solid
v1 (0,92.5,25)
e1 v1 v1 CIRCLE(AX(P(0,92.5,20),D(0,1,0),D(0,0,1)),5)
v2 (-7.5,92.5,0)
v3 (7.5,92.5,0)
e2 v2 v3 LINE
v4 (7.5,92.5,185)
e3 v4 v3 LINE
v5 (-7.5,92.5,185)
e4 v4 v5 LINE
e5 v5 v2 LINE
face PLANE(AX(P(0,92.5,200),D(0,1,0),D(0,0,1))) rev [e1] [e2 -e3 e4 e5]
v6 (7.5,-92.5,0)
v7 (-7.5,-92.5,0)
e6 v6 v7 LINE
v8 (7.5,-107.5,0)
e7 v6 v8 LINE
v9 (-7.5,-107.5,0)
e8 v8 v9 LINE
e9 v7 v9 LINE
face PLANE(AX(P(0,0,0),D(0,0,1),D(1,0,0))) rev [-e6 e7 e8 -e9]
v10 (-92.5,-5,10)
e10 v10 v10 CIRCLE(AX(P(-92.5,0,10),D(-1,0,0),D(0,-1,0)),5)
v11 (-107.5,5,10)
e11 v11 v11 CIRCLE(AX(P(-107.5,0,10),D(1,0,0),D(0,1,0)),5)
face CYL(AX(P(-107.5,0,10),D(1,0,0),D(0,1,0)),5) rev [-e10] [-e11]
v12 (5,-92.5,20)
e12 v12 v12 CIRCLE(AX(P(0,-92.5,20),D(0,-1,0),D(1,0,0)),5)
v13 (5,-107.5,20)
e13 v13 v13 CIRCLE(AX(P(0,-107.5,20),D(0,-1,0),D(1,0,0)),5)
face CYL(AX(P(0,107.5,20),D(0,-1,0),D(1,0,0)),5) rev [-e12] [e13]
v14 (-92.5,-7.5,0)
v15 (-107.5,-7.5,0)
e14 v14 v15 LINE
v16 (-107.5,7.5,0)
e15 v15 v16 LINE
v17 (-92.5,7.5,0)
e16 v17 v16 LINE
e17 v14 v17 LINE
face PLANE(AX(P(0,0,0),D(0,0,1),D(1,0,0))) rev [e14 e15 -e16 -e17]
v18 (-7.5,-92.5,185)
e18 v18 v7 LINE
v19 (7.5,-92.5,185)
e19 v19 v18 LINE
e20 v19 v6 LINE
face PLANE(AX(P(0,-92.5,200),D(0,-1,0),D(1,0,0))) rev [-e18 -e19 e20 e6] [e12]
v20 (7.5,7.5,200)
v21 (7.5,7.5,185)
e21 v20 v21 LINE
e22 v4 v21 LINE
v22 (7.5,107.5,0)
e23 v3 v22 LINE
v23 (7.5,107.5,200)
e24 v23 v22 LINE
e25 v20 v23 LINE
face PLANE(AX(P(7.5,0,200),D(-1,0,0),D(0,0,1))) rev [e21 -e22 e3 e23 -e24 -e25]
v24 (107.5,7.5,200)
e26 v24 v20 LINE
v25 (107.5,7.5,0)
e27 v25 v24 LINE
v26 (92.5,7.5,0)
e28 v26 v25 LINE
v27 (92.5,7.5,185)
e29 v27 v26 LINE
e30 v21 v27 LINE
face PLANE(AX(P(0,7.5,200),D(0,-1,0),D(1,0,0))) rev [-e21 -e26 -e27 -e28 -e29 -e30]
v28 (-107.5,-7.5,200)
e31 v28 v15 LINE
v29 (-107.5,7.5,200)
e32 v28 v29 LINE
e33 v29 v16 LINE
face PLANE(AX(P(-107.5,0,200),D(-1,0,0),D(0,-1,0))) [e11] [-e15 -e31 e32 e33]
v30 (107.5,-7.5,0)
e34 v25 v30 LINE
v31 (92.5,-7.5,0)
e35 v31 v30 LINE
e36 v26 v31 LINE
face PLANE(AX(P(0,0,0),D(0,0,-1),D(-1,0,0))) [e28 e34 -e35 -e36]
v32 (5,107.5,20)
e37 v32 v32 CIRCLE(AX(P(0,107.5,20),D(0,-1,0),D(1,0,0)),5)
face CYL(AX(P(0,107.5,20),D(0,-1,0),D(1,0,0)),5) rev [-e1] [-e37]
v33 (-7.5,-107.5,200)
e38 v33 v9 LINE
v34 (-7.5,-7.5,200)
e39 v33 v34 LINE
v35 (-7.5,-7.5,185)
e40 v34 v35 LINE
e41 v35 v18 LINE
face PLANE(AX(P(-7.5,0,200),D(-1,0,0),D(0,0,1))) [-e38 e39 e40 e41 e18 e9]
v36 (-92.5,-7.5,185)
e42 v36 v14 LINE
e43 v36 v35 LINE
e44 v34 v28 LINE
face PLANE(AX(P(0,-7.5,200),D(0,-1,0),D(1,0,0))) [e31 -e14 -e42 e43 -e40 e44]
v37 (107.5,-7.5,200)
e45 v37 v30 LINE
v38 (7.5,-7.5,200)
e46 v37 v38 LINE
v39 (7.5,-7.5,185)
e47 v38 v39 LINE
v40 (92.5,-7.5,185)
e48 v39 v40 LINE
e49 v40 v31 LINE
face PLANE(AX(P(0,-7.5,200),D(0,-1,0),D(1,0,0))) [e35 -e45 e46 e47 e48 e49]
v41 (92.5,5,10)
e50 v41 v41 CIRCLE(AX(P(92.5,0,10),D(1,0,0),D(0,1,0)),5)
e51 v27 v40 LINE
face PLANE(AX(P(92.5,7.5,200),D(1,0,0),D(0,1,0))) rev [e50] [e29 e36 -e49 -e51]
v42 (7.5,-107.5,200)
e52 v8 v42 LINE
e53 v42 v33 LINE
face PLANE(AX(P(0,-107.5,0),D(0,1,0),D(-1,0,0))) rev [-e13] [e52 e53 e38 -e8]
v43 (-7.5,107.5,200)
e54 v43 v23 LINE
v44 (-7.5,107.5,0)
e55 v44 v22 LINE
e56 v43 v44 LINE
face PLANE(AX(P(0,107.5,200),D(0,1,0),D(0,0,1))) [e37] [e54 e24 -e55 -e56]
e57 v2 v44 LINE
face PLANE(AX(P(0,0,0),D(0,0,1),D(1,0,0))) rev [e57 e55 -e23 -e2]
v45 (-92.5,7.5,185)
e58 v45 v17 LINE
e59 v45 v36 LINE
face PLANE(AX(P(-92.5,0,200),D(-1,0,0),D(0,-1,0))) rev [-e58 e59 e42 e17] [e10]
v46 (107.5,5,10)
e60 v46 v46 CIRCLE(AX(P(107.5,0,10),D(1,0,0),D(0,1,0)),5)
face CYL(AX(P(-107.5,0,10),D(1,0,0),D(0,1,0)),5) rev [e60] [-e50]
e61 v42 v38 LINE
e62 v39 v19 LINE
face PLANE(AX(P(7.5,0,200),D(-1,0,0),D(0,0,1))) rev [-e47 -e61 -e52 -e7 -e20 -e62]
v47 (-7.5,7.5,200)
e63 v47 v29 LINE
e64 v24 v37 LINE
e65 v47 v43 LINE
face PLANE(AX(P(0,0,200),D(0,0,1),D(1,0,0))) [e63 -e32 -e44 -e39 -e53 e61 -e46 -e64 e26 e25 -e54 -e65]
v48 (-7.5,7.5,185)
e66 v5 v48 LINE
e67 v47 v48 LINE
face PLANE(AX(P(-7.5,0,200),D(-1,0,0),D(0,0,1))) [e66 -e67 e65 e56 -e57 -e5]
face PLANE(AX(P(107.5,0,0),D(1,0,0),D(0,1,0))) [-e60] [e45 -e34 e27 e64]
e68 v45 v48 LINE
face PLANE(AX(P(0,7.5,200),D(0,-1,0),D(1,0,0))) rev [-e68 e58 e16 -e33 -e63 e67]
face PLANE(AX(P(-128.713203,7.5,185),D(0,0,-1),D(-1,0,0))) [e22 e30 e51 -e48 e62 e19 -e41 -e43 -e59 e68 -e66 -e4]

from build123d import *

# Parameters (mm, degrees)
SKETCH1_W           = 15
SKETCH1_H           = 15
BOSS_EXTRUDE2_DEPTH = 200
SKETCH2_W           = 15
SKETCH2_H           = 15
BOSS_EXTRUDE3_DEPTH = 215
SKETCH3_W           = 15
SKETCH3_H           = 15
BOSS_EXTRUDE4_DEPTH = 215
SKETCH4_R           = 5
CUT_EXTRUDE1_DEPTH  = 313.699936041
SKETCH5_R           = 5
CUT_EXTRUDE3_DEPTH  = 313.699936041


with BuildPart() as part:
    # Sketch1 → Boss-Extrude2 (new body)
    with BuildSketch(Plane.XY):
        with BuildLine():
            ThreePointArc((-7.5, 99.718353376), (0, 100), (7.5, 99.718353376))
            Line((7.5, 99.718353376), (7.5, 107.5))
            Line((7.5, 107.5), (-7.5, 107.5))
            Line((-7.5, 107.5), (-7.5, 99.718353376))
        make_face()
        with BuildLine():
            Line((7.5, 92.5), (7.5, 99.718353376))
            ThreePointArc((7.5, 99.718353376), (0, 100), (-7.5, 99.718353376))
            Line((-7.5, 99.718353376), (-7.5, 92.5))
            Line((-7.5, 92.5), (7.5, 92.5))
        make_face()
        with BuildLine():
            ThreePointArc((-99.718353376, 7.5), (-100, 0), (-99.718353376, -7.5))
            Line((-99.718353376, -7.5), (-92.5, -7.5))
            Line((-92.5, -7.5), (-92.5, 7.5))
            Line((-92.5, 7.5), (-99.718353376, 7.5))
        make_face()
        with BuildLine():
            Line((-107.5, -7.5), (-99.718353376, -7.5))
            ThreePointArc((-99.718353376, -7.5), (-100, 0), (-99.718353376, 7.5))
            Line((-99.718353376, 7.5), (-107.5, 7.5))
            Line((-107.5, 7.5), (-107.5, -7.5))
        make_face()
        with BuildLine():
            ThreePointArc((-7.5, -99.718353376), (0, -100), (7.5, -99.718353376))
            Line((7.5, -99.718353376), (7.5, -92.5))
            Line((7.5, -92.5), (-7.5, -92.5))
            Line((-7.5, -92.5), (-7.5, -99.718353376))
        make_face()
        with BuildLine():
            Line((7.5, -107.5), (7.5, -99.718353376))
            ThreePointArc((7.5, -99.718353376), (0, -100), (-7.5, -99.718353376))
            Line((-7.5, -99.718353376), (-7.5, -107.5))
            Line((-7.5, -107.5), (7.5, -107.5))
        make_face()
        with Locations((100, 0)):
            Rectangle(SKETCH1_W, SKETCH1_H)
    extrude(amount=BOSS_EXTRUDE2_DEPTH)

    # Sketch2 → Boss-Extrude3 (add)
    with BuildSketch(Plane.XZ.offset(107.5)):
        with Locations((0, 192.5)):
            Rectangle(SKETCH2_W, SKETCH2_H)
    extrude(amount=-BOSS_EXTRUDE3_DEPTH)

    # Sketch3 → Boss-Extrude4 (add)
    with BuildSketch(Plane(origin=(107.5, 0, 0), x_dir=(0, 0, -1), z_dir=(1, 0, 0))):
        with Locations((-192.5, 0)):
            Rectangle(SKETCH3_W, SKETCH3_H)
    extrude(amount=-BOSS_EXTRUDE4_DEPTH)

    # Sketch4 → Cut-Extrude1 (cut, through all)
    with BuildSketch(Plane(origin=(107.5, 0, 0), x_dir=(0, 0, -1), z_dir=(1, 0, 0))):
        with Locations(Location((-10, 0, 0), (0, 0, 90))):
            Circle(SKETCH4_R)
    extrude(amount=-CUT_EXTRUDE1_DEPTH, mode=Mode.SUBTRACT)

    # Sketch5 → Cut-Extrude3 (cut, through all)
    with BuildSketch(Plane.XZ.offset(107.5)):
        with Locations((0, 20)):
            Circle(SKETCH5_R)
    extrude(amount=-CUT_EXTRUDE3_DEPTH, mode=Mode.SUBTRACT)


solid = part.part
